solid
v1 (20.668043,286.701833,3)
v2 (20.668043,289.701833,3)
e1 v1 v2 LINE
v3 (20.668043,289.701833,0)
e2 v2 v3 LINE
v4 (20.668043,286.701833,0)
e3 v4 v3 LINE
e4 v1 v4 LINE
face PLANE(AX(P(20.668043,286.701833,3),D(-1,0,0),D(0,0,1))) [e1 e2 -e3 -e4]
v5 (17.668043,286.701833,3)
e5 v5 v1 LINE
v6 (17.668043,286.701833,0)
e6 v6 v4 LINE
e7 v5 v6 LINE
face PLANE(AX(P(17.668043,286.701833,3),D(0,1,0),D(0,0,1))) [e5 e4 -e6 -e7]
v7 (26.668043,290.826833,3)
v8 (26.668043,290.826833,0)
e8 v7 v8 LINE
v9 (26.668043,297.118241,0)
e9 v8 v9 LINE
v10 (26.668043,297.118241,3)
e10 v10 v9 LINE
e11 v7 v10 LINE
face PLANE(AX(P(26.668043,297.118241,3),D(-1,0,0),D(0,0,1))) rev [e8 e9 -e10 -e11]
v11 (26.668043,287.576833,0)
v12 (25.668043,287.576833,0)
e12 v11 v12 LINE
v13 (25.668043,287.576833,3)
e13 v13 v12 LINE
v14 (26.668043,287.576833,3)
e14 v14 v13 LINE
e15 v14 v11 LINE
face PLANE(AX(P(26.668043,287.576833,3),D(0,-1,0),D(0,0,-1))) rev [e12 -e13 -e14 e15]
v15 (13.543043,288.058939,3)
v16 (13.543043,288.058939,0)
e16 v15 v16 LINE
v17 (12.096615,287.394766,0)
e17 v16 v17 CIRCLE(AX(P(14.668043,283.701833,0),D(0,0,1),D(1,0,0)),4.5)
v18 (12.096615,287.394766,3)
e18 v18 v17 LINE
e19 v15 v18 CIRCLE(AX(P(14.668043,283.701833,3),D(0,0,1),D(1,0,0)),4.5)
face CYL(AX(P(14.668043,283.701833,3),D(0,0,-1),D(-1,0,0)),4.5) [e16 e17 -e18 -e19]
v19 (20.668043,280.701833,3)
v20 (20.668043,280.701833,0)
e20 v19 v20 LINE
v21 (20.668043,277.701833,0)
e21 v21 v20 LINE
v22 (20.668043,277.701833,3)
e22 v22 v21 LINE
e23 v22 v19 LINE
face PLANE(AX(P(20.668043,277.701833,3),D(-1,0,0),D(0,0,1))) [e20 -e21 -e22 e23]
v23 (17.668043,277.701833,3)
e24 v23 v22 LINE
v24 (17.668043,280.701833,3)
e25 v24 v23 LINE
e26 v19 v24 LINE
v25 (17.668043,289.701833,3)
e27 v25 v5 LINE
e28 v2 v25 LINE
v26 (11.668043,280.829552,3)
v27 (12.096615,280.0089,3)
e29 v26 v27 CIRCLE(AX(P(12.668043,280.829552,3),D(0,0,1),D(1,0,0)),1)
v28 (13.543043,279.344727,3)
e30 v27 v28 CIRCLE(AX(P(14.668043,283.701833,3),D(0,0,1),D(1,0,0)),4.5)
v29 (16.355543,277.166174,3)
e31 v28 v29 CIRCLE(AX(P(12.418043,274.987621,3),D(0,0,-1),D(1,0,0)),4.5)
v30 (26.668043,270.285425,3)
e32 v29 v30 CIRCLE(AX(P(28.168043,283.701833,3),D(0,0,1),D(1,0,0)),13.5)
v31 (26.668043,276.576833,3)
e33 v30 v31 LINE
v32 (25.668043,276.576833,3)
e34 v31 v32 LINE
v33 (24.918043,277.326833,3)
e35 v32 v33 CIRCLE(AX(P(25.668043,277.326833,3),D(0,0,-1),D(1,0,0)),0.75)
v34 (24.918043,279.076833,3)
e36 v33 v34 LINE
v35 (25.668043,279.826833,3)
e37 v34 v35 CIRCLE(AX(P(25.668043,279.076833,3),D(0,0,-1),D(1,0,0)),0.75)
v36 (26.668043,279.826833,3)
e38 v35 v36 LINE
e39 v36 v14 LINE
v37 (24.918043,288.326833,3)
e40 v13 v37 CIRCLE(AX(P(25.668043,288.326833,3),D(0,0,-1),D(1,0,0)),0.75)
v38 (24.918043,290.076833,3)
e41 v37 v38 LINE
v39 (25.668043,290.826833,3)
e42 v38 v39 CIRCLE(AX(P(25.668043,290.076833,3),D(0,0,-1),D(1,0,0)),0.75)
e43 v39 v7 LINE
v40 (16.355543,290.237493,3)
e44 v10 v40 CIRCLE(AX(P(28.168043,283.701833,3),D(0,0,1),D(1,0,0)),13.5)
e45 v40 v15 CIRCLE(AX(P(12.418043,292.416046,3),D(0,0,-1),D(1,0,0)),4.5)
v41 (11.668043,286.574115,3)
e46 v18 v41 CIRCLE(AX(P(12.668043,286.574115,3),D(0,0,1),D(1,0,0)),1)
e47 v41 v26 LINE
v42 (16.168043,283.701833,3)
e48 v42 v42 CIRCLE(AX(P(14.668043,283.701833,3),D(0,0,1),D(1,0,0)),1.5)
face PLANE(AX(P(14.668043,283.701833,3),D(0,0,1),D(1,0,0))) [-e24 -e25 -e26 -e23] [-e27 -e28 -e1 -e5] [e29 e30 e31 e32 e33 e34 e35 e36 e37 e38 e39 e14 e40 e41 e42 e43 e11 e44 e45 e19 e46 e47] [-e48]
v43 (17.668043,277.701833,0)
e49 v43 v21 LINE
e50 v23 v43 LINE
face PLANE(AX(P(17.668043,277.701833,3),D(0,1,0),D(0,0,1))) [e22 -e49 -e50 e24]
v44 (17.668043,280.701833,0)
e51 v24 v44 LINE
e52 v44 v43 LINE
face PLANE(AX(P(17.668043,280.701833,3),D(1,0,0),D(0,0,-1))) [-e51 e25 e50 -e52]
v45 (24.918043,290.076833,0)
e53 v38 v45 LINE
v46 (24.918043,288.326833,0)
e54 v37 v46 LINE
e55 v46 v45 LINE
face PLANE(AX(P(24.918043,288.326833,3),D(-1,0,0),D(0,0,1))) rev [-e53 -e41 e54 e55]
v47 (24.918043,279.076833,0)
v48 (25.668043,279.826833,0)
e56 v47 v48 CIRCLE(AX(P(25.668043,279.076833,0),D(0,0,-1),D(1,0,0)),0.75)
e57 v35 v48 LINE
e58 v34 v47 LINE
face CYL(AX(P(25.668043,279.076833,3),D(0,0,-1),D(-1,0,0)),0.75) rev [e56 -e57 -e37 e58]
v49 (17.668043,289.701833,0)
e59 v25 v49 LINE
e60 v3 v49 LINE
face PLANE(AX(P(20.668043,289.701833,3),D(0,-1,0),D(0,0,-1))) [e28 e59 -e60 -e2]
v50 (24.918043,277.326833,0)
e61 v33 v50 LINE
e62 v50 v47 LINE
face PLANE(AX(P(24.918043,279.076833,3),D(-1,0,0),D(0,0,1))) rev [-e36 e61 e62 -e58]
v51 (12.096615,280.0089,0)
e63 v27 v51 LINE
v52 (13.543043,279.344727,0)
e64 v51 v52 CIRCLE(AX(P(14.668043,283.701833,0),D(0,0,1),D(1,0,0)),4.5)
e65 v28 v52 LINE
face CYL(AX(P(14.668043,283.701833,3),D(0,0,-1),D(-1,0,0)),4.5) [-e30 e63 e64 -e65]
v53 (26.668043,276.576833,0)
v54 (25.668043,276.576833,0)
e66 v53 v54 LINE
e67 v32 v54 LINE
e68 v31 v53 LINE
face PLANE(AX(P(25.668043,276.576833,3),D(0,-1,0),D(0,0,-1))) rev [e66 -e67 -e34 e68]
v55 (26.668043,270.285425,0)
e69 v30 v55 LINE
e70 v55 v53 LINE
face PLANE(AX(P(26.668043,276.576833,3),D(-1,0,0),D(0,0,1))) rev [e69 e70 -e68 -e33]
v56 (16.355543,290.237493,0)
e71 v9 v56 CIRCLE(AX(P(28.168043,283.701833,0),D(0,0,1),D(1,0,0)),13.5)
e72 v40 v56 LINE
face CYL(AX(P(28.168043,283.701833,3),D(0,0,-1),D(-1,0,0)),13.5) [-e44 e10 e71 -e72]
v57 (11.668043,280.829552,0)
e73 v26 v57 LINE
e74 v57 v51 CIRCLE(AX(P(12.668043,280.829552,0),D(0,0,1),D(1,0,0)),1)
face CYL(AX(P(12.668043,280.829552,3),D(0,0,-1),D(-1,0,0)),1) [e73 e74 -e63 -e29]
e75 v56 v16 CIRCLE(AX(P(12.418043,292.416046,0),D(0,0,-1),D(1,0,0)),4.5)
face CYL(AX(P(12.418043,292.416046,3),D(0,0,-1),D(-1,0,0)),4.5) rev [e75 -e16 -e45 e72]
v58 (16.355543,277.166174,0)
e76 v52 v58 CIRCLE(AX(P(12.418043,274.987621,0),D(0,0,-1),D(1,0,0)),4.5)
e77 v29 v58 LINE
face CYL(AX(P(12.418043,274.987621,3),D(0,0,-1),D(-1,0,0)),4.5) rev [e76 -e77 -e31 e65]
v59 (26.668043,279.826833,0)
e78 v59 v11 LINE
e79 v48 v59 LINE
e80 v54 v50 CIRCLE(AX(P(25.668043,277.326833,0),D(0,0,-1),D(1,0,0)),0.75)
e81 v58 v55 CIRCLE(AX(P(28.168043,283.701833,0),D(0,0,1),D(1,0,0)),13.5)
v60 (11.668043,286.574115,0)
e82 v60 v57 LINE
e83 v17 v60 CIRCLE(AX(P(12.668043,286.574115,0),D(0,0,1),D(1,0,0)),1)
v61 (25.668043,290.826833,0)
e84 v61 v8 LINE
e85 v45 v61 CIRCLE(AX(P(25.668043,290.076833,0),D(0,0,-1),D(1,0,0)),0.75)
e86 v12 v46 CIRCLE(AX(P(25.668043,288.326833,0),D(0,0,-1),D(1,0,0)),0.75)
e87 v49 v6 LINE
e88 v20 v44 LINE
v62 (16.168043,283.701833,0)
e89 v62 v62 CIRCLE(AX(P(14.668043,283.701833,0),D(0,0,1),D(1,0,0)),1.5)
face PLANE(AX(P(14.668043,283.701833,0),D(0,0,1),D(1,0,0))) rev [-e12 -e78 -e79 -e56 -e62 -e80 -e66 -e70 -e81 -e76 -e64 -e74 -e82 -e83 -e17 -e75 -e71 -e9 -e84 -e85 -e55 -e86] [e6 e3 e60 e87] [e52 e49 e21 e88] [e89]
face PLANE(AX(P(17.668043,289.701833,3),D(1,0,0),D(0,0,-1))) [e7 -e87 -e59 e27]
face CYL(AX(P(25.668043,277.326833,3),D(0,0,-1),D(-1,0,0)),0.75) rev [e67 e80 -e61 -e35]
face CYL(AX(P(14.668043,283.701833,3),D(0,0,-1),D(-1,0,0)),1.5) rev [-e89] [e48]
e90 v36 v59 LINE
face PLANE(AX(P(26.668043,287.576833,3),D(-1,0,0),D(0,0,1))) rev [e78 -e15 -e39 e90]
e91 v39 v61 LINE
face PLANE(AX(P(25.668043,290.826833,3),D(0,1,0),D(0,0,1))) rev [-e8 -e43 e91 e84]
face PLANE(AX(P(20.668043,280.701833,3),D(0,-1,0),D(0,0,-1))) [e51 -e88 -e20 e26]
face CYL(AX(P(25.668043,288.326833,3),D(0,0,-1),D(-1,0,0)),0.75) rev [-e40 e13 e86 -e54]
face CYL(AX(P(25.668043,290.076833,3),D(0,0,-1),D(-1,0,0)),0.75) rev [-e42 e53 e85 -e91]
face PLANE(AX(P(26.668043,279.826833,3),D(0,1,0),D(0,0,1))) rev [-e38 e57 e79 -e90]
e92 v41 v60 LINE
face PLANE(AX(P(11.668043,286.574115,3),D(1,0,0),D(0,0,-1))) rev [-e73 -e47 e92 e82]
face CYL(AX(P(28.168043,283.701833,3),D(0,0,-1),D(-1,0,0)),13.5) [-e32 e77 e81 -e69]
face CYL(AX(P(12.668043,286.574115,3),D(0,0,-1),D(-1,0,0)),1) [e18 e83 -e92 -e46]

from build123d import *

# Parameters (mm, degrees)
MODEL_R                 = 1.5
MODEL_W                 = 3
MODEL_H                 = 3
SALIENTE_EXTRUIR1_DEPTH = 3


with BuildPart() as part:
    # Model → Saliente-Extruir1 (new body)
    with BuildSketch(Plane.XY):
        with BuildLine():
            Line((11.668043303, 286.574114522), (11.668043303, 280.829551876))
            ThreePointArc((11.668043303, 280.829551876), (11.781638042, 280.366641826), (12.096614731, 280.008900069))
            ThreePointArc((12.096614731, 280.008900069), (12.790231402, 279.612356159), (13.543043303, 279.344726935))
            ThreePointArc((13.543043303, 279.344726935), (15.173719263, 278.545183038), (16.355543303, 277.166173803))
            ThreePointArc((16.355543303, 277.166173803), (20.67525751, 272.472044196), (26.668043303, 270.285425334))
            Line((26.668043303, 270.285425334), (26.668043303, 276.576833199))
            Line((26.668043303, 276.576833199), (25.668043303, 276.576833199))
            ThreePointArc((25.668043303, 276.576833199), (25.137713217, 276.796503113), (24.918043303, 277.326833199))
            Line((24.918043303, 277.326833199), (24.918043303, 279.076833199))
            ThreePointArc((24.918043303, 279.076833199), (25.137713217, 279.607163285), (25.668043303, 279.826833199))
            Line((25.668043303, 279.826833199), (26.668043303, 279.826833199))
            Line((26.668043303, 279.826833199), (26.668043303, 287.576833199))
            Line((26.668043303, 287.576833199), (25.668043303, 287.576833199))
            ThreePointArc((25.668043303, 287.576833199), (25.137713217, 287.796503113), (24.918043303, 288.326833199))
            Line((24.918043303, 288.326833199), (24.918043303, 290.076833199))
            ThreePointArc((24.918043303, 290.076833199), (25.137713217, 290.607163285), (25.668043303, 290.826833199))
            Line((25.668043303, 290.826833199), (26.668043303, 290.826833199))
            Line((26.668043303, 290.826833199), (26.668043303, 297.118241064))
            ThreePointArc((26.668043303, 297.118241064), (20.67525751, 294.931622203), (16.355543303, 290.237492596))
            ThreePointArc((16.355543303, 290.237492596), (15.173719263, 288.858483361), (13.543043303, 288.058939464))
            ThreePointArc((13.543043303, 288.058939464), (12.790231402, 287.79131024), (12.096614731, 287.394766329))
            ThreePointArc((12.096614731, 287.394766329), (11.781638042, 287.037024572), (11.668043303, 286.574114522))
        make_face()
        with Locations((14.668043303, 283.701833199)):
            Circle(MODEL_R, mode=Mode.SUBTRACT)
        with Locations((19.168043303, 288.201833199)):
            Rectangle(MODEL_W, MODEL_H, mode=Mode.SUBTRACT)
        with Locations((19.168043303, 279.201833199)):
            Rectangle(MODEL_W, MODEL_H, mode=Mode.SUBTRACT)
    extrude(amount=SALIENTE_EXTRUIR1_DEPTH)


solid = part.part
